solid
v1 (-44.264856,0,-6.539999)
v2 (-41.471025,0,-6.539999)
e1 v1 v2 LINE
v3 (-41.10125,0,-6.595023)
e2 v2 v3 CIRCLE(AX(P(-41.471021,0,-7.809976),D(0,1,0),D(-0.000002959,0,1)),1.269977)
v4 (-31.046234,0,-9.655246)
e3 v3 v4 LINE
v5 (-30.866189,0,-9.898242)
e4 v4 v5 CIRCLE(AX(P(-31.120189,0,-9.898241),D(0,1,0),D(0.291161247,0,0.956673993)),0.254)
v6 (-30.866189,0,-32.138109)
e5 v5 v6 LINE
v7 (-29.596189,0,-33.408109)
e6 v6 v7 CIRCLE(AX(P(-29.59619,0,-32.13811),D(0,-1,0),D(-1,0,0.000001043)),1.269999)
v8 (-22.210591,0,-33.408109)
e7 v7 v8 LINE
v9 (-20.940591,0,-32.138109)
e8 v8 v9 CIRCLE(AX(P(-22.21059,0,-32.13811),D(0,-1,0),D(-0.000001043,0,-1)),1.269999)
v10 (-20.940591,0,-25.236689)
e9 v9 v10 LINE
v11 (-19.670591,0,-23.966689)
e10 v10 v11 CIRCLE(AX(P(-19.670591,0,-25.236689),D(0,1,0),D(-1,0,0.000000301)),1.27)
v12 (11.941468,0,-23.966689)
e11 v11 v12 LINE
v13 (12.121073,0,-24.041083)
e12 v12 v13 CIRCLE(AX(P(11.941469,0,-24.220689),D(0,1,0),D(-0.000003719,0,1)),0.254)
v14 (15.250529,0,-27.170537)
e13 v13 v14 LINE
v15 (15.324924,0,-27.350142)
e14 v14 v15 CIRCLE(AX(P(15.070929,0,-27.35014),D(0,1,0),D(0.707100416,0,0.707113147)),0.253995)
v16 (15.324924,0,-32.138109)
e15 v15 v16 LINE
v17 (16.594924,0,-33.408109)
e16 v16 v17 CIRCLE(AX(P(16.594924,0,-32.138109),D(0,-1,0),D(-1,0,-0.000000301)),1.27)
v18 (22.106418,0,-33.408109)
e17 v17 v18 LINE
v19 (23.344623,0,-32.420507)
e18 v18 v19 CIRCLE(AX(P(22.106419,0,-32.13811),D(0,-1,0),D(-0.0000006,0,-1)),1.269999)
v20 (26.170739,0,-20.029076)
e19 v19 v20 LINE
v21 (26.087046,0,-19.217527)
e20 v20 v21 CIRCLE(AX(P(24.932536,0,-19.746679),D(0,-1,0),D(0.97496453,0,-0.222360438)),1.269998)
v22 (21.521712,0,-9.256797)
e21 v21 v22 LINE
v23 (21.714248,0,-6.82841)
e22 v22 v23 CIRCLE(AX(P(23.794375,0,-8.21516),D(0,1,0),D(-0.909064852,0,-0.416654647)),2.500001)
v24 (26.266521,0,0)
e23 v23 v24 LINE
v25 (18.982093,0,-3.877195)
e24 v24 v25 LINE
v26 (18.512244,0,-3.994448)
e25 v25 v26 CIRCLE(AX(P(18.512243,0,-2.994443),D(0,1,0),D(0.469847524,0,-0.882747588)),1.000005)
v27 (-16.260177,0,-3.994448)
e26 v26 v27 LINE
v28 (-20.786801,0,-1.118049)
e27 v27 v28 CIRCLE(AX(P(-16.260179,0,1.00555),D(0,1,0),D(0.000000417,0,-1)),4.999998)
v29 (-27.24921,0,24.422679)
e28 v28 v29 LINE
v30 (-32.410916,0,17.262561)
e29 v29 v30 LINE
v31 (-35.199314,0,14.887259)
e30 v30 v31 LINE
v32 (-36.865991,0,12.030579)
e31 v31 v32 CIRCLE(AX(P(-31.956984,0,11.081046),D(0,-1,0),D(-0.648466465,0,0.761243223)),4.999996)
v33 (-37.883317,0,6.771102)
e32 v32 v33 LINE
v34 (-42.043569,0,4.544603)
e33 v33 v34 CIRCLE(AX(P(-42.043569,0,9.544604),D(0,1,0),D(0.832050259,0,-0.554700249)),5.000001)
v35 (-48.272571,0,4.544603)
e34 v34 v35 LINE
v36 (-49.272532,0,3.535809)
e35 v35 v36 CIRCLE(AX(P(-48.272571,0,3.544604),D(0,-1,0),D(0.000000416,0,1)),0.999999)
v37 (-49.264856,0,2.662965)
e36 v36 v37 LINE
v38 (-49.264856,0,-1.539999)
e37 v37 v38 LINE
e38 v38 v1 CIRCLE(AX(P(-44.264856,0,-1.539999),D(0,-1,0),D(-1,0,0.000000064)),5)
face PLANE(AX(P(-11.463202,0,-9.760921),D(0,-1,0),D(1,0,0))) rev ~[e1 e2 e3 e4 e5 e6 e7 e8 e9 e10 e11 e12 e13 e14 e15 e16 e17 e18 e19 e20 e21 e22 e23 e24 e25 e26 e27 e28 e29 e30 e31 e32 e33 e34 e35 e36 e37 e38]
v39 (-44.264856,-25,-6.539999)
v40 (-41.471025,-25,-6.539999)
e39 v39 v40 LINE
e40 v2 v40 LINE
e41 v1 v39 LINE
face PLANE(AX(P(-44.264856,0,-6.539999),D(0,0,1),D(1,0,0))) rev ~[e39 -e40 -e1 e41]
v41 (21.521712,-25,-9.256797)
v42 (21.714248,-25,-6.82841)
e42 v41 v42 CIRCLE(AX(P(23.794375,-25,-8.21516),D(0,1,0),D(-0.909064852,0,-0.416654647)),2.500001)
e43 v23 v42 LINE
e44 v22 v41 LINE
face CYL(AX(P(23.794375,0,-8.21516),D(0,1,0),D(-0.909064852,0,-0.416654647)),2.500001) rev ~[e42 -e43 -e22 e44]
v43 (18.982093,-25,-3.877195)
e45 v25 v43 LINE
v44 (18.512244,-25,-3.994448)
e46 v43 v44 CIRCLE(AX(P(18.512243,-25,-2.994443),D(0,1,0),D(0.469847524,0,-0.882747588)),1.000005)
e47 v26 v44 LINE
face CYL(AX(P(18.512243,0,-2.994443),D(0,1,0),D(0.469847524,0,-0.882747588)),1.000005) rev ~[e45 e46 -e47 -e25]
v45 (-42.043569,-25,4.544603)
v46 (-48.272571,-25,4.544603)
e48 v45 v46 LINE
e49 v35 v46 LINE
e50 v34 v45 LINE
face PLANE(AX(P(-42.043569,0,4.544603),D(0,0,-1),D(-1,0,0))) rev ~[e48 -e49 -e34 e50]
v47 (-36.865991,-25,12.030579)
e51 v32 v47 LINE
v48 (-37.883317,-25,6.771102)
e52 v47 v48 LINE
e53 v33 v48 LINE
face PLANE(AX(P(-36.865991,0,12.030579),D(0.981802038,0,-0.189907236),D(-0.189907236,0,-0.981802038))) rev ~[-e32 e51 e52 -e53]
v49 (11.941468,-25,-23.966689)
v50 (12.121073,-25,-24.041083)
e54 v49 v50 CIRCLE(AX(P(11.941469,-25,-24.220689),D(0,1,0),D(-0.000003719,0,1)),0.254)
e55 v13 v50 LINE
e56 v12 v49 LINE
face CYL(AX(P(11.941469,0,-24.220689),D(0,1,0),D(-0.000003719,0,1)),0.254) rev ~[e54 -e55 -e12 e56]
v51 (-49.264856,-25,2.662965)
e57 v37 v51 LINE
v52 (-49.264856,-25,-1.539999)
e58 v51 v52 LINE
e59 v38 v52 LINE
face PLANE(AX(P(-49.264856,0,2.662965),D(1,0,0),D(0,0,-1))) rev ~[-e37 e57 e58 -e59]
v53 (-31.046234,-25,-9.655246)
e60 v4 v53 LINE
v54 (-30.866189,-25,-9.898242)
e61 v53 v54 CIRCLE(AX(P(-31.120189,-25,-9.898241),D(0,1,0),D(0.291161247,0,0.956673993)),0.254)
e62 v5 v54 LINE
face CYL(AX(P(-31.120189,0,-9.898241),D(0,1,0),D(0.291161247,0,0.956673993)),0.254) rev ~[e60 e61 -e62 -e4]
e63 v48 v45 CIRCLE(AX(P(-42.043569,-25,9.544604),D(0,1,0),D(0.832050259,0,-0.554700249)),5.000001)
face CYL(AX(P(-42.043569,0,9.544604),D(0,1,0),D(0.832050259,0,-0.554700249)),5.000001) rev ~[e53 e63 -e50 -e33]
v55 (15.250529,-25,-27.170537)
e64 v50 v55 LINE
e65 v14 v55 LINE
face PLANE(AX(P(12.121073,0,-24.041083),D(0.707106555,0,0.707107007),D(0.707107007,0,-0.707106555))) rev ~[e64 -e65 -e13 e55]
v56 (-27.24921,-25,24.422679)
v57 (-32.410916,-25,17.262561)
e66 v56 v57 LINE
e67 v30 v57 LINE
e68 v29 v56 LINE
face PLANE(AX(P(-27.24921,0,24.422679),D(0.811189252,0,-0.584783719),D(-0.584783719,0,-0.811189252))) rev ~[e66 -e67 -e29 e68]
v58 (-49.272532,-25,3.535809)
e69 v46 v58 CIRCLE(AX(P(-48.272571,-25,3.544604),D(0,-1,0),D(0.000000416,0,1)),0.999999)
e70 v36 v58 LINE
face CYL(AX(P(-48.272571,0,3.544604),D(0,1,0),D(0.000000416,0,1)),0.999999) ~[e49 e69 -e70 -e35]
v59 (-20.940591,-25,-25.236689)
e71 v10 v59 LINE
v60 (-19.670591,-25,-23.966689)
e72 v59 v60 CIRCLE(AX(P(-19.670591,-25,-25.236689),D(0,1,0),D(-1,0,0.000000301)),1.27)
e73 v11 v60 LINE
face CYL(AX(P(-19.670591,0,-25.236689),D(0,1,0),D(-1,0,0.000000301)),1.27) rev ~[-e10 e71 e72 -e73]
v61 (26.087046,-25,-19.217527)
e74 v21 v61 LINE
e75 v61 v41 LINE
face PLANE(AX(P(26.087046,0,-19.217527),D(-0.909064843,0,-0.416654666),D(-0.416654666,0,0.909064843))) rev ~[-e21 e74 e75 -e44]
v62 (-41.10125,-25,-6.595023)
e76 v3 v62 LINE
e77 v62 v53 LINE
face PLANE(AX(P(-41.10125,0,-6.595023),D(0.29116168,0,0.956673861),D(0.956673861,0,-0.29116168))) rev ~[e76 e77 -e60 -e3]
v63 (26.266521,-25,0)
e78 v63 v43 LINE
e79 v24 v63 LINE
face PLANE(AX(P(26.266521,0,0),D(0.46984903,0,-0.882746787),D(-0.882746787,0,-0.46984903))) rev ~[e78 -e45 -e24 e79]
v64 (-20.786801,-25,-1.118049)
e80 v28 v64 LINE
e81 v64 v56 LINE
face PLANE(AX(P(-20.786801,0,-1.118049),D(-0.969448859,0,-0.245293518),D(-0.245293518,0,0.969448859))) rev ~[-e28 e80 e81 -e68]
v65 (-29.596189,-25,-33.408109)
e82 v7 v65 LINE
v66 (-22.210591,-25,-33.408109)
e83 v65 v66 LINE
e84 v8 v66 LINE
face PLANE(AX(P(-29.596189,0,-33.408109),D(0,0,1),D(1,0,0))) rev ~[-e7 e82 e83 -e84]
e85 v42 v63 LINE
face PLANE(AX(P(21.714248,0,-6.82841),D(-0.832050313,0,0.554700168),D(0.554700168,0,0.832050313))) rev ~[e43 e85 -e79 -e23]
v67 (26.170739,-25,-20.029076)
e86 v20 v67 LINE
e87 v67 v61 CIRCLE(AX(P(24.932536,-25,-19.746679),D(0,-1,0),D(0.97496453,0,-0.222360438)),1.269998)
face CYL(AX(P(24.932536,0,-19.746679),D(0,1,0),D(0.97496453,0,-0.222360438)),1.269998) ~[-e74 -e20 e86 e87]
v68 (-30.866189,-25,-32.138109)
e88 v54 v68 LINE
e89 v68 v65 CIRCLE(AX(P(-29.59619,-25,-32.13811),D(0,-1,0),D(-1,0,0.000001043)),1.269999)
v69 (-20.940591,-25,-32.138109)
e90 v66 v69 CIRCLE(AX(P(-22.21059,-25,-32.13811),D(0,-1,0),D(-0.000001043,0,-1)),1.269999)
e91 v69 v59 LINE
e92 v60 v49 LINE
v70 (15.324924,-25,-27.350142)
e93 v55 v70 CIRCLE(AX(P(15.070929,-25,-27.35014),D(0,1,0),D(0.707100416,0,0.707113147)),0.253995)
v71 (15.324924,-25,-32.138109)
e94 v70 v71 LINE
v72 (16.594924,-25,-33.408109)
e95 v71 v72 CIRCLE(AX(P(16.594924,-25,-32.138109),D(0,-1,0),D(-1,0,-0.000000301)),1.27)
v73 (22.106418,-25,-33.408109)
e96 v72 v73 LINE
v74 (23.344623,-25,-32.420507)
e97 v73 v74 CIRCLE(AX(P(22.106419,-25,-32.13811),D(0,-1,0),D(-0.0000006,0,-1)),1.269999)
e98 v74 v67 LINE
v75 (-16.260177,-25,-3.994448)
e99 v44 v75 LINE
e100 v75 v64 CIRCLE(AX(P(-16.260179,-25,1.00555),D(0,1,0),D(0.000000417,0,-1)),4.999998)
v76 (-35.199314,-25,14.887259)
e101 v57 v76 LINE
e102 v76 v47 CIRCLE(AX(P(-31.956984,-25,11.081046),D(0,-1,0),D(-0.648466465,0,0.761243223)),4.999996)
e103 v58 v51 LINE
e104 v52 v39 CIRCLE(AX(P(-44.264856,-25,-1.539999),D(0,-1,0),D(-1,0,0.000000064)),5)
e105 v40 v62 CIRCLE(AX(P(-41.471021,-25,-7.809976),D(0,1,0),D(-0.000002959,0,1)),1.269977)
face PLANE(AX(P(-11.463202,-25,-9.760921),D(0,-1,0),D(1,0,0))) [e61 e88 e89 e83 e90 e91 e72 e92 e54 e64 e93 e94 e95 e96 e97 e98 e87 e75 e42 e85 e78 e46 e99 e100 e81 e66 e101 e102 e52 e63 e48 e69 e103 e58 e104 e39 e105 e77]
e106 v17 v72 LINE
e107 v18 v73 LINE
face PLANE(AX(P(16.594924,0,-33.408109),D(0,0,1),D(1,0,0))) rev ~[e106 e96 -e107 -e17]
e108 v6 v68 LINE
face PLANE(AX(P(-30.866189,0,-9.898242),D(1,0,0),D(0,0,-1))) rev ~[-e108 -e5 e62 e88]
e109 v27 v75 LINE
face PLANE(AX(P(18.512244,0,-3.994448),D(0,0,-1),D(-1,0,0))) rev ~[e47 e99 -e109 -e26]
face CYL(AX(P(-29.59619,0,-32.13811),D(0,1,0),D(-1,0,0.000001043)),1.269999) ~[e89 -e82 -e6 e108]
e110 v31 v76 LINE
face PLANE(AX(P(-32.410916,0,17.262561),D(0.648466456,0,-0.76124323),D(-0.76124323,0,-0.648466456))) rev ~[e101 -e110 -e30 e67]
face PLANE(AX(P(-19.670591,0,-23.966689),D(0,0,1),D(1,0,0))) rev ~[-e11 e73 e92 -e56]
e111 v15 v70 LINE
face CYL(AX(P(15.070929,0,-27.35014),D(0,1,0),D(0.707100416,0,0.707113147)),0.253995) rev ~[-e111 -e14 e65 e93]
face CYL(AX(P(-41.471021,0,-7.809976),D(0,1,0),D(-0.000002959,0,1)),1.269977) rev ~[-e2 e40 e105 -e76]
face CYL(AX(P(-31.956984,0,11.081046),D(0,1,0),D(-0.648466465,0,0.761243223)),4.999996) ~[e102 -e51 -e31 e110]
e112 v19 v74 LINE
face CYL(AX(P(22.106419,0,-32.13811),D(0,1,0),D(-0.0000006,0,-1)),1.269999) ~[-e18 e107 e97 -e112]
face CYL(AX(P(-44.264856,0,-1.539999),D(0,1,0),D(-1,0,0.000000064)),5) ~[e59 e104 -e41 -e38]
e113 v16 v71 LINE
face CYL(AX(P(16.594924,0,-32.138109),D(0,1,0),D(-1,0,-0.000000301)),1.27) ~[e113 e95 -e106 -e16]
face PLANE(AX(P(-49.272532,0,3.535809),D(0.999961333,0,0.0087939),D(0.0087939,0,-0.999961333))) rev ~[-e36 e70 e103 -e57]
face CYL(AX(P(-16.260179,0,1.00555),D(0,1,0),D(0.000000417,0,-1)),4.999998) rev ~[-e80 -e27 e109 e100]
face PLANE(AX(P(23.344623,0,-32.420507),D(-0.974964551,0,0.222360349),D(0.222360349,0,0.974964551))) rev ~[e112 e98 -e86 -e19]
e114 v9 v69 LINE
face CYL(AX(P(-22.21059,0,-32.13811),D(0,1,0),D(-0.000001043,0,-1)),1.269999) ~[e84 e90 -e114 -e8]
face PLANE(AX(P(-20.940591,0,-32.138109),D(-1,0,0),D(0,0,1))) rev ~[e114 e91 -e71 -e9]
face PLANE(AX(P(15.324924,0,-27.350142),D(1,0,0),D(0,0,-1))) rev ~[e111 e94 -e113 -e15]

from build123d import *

# Parameters (mm, degrees)
F1_DEPTH = 25


with BuildPart() as f1:
    # F0 (on Front) → F1 (new body)
    with BuildSketch(Plane.XZ):
        with BuildLine():
            Line((-49.272532, 3.535809), (-49.264856, 2.662965))
            Line((-49.264856, 2.662965), (-49.264856, -1.539999))
            ThreePointArc((-49.264856, -1.539999), (-47.80039, -5.075533), (-44.264856, -6.539999))
            Line((-44.264856, -6.539999), (-41.471025, -6.539999))
            ThreePointArc((-41.471025, -6.539999), (-41.284102, -6.55383), (-41.10125, -6.595023))
            Line((-41.10125, -6.595023), (-31.046234, -9.655246))
            ThreePointArc((-31.046234, -9.655246), (-30.916105, -9.747027), (-30.866189, -9.898242))
            Line((-30.866189, -9.898242), (-30.866189, -32.138109))
            ThreePointArc((-30.866189, -32.138109), (-30.494215, -33.036135), (-29.596189, -33.408109))
            Line((-29.596189, -33.408109), (-22.210591, -33.408109))
            ThreePointArc((-22.210591, -33.408109), (-21.312565, -33.036135), (-20.940591, -32.138109))
            Line((-20.940591, -32.138109), (-20.940591, -25.236689))
            ThreePointArc((-20.940591, -25.236689), (-20.568616, -24.338663), (-19.670591, -23.966689))
            Line((-19.670591, -23.966689), (11.941468, -23.966689))
            ThreePointArc((11.941468, -23.966689), (12.038669, -23.986023), (12.121073, -24.041083))
            Line((12.121073, -24.041083), (15.250529, -27.170537))
            ThreePointArc((15.250529, -27.170537), (15.30559, -27.252941), (15.324924, -27.350142))
            Line((15.324924, -27.350142), (15.324924, -32.138109))
            ThreePointArc((15.324924, -32.138109), (15.696899, -33.036135), (16.594924, -33.408109))
            Line((16.594924, -33.408109), (22.106418, -33.408109))
            ThreePointArc((22.106418, -33.408109), (22.898332, -33.13097), (23.344623, -32.420507))
            Line((23.344623, -32.420507), (26.170739, -20.029076))
            ThreePointArc((26.170739, -20.029076), (26.195834, -19.616398), (26.087046, -19.217527))
            Line((26.087046, -19.217527), (21.521712, -9.256797))
            ThreePointArc((21.521712, -9.256797), (21.302195, -8.017566), (21.714248, -6.82841))
            Line((21.714248, -6.82841), (26.266521, 0))
            Line((26.266521, 0), (18.982093, -3.877195))
            ThreePointArc((18.982093, -3.877195), (18.754373, -3.964692), (18.512244, -3.994448))
            Line((18.512244, -3.994448), (-16.260177, -3.994448))
            ThreePointArc((-16.260177, -3.994448), (-18.941781, -3.21452), (-20.786801, -1.118049))
            Line((-20.786801, -1.118049), (-27.24921, 24.422679))
            Line((-27.24921, 24.422679), (-32.410916, 17.262561))
            Line((-32.410916, 17.262561), (-35.199314, 14.887259))
            ThreePointArc((-35.199314, 14.887259), (-36.275691, 13.600715), (-36.865991, 12.030579))
            Line((-36.865991, 12.030579), (-37.883317, 6.771102))
            ThreePointArc((-37.883317, 6.771102), (-39.684279, 5.13623), (-42.043569, 4.544603))
            Line((-42.043569, 4.544603), (-48.272571, 4.544603))
            ThreePointArc((-48.272571, 4.544603), (-48.98278, 4.248594), (-49.272532, 3.535809))
        make_face()
    extrude(amount=F1_DEPTH)


solid = f1.part
